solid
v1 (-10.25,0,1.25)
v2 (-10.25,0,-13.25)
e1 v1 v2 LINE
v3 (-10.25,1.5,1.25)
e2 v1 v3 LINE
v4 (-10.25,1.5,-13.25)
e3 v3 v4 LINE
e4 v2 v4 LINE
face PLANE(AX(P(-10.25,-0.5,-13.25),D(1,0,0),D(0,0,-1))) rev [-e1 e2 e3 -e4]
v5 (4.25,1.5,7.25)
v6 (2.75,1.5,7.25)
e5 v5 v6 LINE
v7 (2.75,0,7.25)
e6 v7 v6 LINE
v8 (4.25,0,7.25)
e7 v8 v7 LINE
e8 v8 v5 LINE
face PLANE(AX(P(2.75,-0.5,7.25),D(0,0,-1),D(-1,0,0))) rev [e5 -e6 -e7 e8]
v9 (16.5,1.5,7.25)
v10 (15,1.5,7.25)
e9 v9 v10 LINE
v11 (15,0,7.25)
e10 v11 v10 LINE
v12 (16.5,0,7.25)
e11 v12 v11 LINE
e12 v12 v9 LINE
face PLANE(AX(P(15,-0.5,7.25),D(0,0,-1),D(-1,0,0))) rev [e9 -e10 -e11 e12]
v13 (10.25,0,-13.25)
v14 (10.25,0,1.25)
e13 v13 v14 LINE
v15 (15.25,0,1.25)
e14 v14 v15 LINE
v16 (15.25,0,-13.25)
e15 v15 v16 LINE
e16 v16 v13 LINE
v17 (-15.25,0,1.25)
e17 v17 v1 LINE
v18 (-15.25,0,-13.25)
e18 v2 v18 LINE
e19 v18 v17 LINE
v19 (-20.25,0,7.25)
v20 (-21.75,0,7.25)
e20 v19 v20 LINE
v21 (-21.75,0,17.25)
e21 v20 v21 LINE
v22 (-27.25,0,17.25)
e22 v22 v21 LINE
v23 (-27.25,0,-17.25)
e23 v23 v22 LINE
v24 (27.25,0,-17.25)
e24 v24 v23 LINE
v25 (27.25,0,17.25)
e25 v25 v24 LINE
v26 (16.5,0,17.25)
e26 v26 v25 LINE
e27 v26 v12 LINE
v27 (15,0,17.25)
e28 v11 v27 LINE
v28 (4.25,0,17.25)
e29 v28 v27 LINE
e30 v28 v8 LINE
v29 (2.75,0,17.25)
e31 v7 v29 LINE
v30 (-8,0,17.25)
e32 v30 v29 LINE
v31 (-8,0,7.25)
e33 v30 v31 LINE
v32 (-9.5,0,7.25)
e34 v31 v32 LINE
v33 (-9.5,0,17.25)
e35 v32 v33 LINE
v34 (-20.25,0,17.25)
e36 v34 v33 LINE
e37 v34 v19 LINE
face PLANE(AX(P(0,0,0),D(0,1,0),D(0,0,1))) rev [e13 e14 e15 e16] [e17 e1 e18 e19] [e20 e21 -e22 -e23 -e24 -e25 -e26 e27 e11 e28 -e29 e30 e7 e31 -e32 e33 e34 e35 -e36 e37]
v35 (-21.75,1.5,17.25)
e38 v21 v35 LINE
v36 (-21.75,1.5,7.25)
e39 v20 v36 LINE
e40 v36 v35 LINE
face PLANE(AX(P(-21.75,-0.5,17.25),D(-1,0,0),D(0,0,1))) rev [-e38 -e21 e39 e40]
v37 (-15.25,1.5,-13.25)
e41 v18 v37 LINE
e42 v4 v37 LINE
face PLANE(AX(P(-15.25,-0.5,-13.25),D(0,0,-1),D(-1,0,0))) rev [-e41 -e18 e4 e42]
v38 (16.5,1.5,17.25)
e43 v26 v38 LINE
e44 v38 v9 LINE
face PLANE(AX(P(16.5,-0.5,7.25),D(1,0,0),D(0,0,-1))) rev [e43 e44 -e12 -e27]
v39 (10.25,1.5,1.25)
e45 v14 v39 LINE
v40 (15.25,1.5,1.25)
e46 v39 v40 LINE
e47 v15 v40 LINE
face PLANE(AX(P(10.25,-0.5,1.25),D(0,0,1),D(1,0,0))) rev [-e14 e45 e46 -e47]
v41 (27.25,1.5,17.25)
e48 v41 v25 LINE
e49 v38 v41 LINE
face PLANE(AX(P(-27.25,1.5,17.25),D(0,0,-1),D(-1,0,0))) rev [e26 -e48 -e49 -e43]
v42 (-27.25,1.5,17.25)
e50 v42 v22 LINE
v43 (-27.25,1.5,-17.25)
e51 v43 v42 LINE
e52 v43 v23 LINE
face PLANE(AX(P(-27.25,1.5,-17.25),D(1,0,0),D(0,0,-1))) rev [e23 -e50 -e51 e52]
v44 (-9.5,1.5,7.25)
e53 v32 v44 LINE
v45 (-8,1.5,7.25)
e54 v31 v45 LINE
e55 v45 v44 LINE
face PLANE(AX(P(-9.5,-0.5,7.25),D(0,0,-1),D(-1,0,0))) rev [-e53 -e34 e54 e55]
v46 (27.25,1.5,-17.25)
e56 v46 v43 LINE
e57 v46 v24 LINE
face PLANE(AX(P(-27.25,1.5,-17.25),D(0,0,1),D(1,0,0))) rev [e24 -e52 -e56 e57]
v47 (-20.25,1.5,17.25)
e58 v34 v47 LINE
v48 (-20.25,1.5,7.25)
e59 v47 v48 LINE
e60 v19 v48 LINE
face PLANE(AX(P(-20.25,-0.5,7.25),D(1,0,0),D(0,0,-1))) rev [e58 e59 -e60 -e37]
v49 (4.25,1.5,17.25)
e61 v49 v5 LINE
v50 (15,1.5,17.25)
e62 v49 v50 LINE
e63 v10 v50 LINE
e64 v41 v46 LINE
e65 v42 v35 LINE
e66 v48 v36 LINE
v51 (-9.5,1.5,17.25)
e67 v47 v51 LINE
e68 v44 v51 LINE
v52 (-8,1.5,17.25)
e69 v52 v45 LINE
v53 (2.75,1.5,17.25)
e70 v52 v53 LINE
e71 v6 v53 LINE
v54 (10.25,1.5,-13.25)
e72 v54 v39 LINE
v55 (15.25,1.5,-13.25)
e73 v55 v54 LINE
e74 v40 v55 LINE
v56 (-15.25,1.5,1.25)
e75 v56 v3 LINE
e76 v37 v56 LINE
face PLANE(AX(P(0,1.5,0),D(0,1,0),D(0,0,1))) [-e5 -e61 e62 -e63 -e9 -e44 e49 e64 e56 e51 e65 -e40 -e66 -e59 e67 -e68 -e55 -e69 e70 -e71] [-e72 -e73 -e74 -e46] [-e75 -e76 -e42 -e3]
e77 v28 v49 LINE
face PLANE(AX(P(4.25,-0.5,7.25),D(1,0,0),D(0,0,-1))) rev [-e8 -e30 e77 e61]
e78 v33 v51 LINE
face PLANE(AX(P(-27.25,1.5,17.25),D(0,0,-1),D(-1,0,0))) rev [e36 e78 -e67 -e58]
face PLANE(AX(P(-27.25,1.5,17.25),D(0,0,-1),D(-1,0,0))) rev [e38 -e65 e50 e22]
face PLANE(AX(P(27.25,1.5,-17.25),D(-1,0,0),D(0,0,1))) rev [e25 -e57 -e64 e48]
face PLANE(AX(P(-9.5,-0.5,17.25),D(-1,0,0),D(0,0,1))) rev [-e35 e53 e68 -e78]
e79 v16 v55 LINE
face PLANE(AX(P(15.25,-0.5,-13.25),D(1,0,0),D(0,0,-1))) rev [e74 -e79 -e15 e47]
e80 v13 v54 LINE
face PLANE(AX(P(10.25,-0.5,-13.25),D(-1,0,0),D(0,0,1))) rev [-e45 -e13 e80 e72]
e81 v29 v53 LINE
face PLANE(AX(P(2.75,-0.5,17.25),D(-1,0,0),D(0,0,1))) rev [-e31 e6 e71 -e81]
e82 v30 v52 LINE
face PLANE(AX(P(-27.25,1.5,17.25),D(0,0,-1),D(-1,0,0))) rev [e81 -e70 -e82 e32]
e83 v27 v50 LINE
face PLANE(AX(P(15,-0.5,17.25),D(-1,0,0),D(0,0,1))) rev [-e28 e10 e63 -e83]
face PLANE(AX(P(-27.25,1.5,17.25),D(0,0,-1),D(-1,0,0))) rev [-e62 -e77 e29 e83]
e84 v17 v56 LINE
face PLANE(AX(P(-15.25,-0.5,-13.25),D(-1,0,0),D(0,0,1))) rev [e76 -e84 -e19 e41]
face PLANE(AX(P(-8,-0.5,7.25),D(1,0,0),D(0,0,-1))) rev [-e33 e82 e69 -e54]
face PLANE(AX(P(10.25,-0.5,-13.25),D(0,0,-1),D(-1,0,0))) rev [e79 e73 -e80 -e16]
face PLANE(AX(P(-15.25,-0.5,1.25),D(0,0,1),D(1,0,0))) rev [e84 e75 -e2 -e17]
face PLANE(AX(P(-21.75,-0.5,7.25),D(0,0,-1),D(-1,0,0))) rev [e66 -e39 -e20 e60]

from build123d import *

# Parameters (mm, degrees)
SKETCH1_W           = 54.5
SKETCH1_H           = 34.5
BOSS_EXTRUDE1_DEPTH = 1.5
SKETCH6_W           = 5
SKETCH6_H           = 14.5
CUT_EXTRUDE1_DEPTH  = 2
SKETCH9_W           = 5
SKETCH9_H           = 14.5
CUT_EXTRUDE2_DEPTH  = 2
SKETCH27_W          = 1.5
SKETCH27_H          = 10
CUT_EXTRUDE3_DEPTH  = 2
SKETCH37_W          = 1.5
SKETCH37_H          = 10
CUT_EXTRUDE10_DEPTH = 2
SKETCH39_W          = 1.5
SKETCH39_H          = 10
CUT_EXTRUDE11_DEPTH = 2
SKETCH41_W          = 1.5
SKETCH41_H          = 10
CUT_EXTRUDE12_DEPTH = 2


with BuildPart() as part:
    # Sketch1 → Boss-Extrude1 (new body)
    with BuildSketch(Plane(origin=(0, 0, 0), x_dir=(1, 0, 0), z_dir=(0, 1, 0))):
        Rectangle(SKETCH1_W, SKETCH1_H)
    extrude(amount=BOSS_EXTRUDE1_DEPTH)

    # Sketch6 → Cut-Extrude1 (cut)
    with BuildSketch(Plane(origin=(0, 1.5, 0), x_dir=(1, 0, 0), z_dir=(0, 1, 0))):
        with Locations((-12.75, 6)):
            Rectangle(SKETCH6_W, SKETCH6_H)
    extrude(amount=-CUT_EXTRUDE1_DEPTH, mode=Mode.SUBTRACT)

    # Sketch9 → Cut-Extrude2 (cut)
    with BuildSketch(Plane(origin=(0, 1.5, 0), x_dir=(1, 0, 0), z_dir=(0, 1, 0))):
        with Locations((12.75, 6)):
            Rectangle(SKETCH9_W, SKETCH9_H)
    extrude(amount=-CUT_EXTRUDE2_DEPTH, mode=Mode.SUBTRACT)

    # Sketch27 → Cut-Extrude3 (cut)
    with BuildSketch(Plane(origin=(0, 1.5, 0), x_dir=(1, 0, 0), z_dir=(0, 1, 0))):
        with Locations((-21, -12.25)):
            Rectangle(SKETCH27_W, SKETCH27_H)
    extrude(amount=-CUT_EXTRUDE3_DEPTH, mode=Mode.SUBTRACT)

    # Sketch37 → Cut-Extrude10 (cut)
    with BuildSketch(Plane(origin=(0, 1.5, 0), x_dir=(1, 0, 0), z_dir=(0, 1, 0))):
        with Locations((3.5, -12.25)):
            Rectangle(SKETCH37_W, SKETCH37_H)
    extrude(amount=-CUT_EXTRUDE10_DEPTH, mode=Mode.SUBTRACT)

    # Sketch39 → Cut-Extrude11 (cut)
    with BuildSketch(Plane(origin=(0, 1.5, 0), x_dir=(1, 0, 0), z_dir=(0, 1, 0))):
        with Locations((-8.75, -12.25)):
            Rectangle(SKETCH39_W, SKETCH39_H)
    extrude(amount=-CUT_EXTRUDE11_DEPTH, mode=Mode.SUBTRACT)

    # Sketch41 → Cut-Extrude12 (cut)
    with BuildSketch(Plane(origin=(0, 1.5, 0), x_dir=(1, 0, 0), z_dir=(0, 1, 0))):
        with Locations((15.75, -12.25)):
            Rectangle(SKETCH41_W, SKETCH41_H)
    extrude(amount=-CUT_EXTRUDE12_DEPTH, mode=Mode.SUBTRACT)


solid = part.part
